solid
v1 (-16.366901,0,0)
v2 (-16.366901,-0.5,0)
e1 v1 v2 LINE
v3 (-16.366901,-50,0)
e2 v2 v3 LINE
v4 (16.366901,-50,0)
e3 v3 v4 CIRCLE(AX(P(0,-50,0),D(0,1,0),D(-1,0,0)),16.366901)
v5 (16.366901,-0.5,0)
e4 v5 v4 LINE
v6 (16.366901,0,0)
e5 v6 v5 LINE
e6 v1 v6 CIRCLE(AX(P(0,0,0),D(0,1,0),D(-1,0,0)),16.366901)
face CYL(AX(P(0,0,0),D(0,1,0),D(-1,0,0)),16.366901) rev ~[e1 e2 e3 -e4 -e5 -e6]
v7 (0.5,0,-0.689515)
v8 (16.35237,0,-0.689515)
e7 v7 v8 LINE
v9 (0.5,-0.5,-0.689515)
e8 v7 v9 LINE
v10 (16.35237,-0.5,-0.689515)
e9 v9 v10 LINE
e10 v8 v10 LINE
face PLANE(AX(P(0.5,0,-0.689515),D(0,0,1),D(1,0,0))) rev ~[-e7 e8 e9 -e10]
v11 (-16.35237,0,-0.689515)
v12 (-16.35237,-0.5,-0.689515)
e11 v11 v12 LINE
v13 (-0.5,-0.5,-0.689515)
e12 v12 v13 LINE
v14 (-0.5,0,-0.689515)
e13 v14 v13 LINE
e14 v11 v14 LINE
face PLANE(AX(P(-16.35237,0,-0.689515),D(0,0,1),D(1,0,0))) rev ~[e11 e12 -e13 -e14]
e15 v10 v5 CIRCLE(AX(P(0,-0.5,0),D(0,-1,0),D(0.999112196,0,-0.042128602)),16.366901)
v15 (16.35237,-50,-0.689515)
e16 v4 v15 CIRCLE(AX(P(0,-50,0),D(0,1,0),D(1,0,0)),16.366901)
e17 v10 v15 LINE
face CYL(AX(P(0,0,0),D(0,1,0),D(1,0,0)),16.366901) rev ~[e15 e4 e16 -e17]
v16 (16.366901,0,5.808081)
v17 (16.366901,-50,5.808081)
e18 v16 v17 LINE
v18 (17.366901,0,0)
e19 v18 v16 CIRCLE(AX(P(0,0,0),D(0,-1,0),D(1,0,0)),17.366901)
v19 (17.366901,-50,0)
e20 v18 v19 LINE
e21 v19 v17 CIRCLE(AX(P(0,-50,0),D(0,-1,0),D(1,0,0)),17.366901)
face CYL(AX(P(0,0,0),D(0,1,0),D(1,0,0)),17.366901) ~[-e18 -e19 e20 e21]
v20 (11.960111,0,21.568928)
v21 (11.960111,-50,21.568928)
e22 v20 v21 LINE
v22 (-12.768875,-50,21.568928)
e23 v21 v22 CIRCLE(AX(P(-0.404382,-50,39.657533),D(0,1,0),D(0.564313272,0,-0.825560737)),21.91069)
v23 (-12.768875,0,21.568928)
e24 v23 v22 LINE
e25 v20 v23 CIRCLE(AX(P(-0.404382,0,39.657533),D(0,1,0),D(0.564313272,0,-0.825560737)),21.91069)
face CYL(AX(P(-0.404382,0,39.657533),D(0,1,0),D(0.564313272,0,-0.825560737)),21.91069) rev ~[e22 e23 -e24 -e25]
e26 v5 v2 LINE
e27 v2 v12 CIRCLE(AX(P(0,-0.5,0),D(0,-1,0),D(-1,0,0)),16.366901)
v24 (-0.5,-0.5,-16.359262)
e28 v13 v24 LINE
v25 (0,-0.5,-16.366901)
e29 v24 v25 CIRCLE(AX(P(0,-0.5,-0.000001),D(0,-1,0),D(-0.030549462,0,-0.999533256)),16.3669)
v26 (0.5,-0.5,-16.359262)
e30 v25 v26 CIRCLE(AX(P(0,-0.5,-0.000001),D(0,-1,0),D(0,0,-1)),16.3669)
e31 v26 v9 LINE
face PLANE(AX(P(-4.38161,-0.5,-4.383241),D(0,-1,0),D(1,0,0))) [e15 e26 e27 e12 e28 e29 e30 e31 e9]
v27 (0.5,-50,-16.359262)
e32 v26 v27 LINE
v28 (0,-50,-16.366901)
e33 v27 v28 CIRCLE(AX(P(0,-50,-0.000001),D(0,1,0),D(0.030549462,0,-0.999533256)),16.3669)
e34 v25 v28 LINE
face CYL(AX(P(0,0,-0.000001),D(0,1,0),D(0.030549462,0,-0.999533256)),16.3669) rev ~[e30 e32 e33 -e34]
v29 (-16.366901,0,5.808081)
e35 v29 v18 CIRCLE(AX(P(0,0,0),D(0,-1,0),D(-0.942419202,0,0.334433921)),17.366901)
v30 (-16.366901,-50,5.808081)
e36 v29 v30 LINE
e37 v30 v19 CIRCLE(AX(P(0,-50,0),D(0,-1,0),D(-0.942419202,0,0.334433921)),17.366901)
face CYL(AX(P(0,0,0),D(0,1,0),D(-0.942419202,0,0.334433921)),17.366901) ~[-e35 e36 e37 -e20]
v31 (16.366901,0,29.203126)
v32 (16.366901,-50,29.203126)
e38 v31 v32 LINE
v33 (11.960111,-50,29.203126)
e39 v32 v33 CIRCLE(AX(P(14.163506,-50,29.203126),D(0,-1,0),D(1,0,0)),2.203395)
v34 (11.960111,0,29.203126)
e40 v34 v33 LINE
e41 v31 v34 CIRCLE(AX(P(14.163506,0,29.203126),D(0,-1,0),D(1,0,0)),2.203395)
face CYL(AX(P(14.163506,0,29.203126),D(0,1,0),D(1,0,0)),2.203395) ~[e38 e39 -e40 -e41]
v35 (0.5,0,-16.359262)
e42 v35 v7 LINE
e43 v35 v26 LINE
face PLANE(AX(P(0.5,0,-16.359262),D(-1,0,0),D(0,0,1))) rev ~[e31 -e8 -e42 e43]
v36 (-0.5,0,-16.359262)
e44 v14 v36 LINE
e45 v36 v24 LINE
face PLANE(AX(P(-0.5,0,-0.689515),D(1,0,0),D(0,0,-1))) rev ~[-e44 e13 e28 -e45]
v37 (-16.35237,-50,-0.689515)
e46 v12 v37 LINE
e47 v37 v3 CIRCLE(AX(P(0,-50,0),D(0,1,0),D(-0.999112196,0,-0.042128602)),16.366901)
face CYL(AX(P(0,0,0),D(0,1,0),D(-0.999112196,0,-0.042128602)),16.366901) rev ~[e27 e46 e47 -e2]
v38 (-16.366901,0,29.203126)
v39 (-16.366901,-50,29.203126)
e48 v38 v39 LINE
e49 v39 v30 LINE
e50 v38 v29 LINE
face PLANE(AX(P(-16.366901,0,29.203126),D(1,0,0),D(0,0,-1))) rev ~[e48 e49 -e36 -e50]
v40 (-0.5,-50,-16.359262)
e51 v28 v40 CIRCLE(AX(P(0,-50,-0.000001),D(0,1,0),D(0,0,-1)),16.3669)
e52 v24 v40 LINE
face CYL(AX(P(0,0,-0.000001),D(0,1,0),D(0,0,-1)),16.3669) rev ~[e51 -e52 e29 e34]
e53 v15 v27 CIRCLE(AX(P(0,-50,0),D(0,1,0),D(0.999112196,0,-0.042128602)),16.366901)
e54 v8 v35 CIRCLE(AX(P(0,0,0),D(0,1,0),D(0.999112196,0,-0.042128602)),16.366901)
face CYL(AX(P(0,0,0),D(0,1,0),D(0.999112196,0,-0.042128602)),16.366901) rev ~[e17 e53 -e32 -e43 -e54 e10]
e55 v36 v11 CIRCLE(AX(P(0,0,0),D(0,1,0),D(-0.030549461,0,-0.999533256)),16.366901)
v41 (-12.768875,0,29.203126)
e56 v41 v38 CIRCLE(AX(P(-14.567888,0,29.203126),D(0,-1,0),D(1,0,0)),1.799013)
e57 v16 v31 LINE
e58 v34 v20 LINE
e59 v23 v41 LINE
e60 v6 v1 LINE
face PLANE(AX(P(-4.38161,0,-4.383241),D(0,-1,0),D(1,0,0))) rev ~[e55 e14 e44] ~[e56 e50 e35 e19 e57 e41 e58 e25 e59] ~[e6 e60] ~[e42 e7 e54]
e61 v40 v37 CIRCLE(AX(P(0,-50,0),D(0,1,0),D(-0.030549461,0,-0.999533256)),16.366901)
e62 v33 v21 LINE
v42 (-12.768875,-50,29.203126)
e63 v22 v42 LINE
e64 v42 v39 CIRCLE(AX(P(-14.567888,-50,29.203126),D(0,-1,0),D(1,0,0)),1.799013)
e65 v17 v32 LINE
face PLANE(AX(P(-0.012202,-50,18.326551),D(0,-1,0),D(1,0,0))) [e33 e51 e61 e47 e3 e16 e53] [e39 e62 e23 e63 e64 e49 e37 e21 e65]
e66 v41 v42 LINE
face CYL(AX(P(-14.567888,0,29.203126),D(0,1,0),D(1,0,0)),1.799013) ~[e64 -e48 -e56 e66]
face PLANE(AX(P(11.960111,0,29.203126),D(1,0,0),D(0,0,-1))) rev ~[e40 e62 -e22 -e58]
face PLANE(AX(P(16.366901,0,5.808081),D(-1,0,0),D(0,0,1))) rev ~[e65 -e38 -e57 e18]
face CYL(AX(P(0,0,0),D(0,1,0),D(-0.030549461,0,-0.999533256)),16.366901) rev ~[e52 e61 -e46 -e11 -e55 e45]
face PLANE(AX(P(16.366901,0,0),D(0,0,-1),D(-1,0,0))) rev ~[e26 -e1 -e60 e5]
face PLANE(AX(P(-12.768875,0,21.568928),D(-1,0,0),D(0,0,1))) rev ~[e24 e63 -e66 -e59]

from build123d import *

# Parameters (mm, degrees)
F1_DEPTH = 50
F2_DEPTH = 0.5


with BuildPart() as f1:
    # F0 (on Front) → F1 (new body)
    with BuildSketch(Plane.XZ):
        with BuildLine():
            ThreePointArc((-16.3669006805, 5.8080806951), (0, 17.3669006805), (16.3669006805, 5.8080806951))
            Line((16.3669006805, 5.8080806951), (16.3669006805, 29.203126207))
            ThreePointArc((16.3669006805, 29.203126207), (14.1635060286, 31.406520859), (11.9601113766, 29.203126207))
            Line((11.9601113766, 29.203126207), (11.9601113766, 21.5689279139))
            ThreePointArc((11.9601113766, 21.5689279139), (-0.4043816589, 17.7468433423), (-12.7688746944, 21.5689279139))
            Line((-12.7688746944, 21.5689279139), (-12.7688746944, 29.203126207))
            ThreePointArc((-12.7688746944, 29.203126207), (-14.5678876875, 31.0021392001), (-16.3669006805, 29.203126207))
            Line((-16.3669006805, 29.203126207), (-16.3669006805, 5.8080806951))
        make_face()
        with BuildLine():
            ThreePointArc((-16.3669006805, 0), (0, 16.3669006805), (16.3669006805, 0))
            Line((16.3669006805, 0), (16.3669006805, 5.8080806951))
            ThreePointArc((16.3669006805, 5.8080806951), (0, 17.3669006805), (-16.3669006805, 5.8080806951))
            Line((-16.3669006805, 5.8080806951), (-16.3669006805, 0))
        make_face()
        with BuildLine():
            Line((16.3669006805, 5.8080806951), (16.3669006805, 0))
            ThreePointArc((16.3669006805, 0), (16.3632676287, -0.3448338707), (16.3523700861, -0.689514652))
            ThreePointArc((16.3523700861, -0.689514652), (11.5059044062, -11.6400000723), (0.5, -16.3592615324))
            ThreePointArc((0.5, -16.3592615324), (0.2500291766, -16.3649907821), (0, -16.3669006805))
            ThreePointArc((0, -16.3669006805), (-0.2500291766, -16.3649907821), (-0.5, -16.3592615324))
            ThreePointArc((-0.5, -16.3592615324), (-11.5059044062, -11.6400000723), (-16.3523700861, -0.689514652))
            ThreePointArc((-16.3523700861, -0.689514652), (-16.3632676287, -0.3448338707), (-16.3669006805, 0))
            Line((-16.3669006805, 0), (-16.3669006805, 5.8080806951))
            ThreePointArc((-16.3669006805, 5.8080806951), (-2.9467694753, -17.1150749022), (17.3669006805, 0))
            ThreePointArc((17.3669006805, 0), (17.1150749022, 2.9467694753), (16.3669006805, 5.8080806951))
        make_face()
    extrude(amount=F1_DEPTH)

    # F0 (on Front) → F2 (join)
    with BuildSketch(Plane.XZ):
        with BuildLine():
            Line((0, 0), (-16.3669006805, 0))
            ThreePointArc((-16.3669006805, 0), (-16.3632676287, -0.3448338707), (-16.3523700861, -0.689514652))
            Line((-16.3523700861, -0.689514652), (-0.5, -0.689514652))
            Line((-0.5, -0.689514652), (-0.5, -16.3592615324))
            ThreePointArc((-0.5, -16.3592615324), (-0.2500291766, -16.3649907821), (0, -16.3669006805))
            Line((0, -16.3669006805), (0, 0))
        make_face()
        with BuildLine():
            ThreePointArc((16.3523700861, -0.689514652), (16.3632676287, -0.3448338707), (16.3669006805, 0))
            Line((16.3669006805, 0), (0, 0))
            Line((0, 0), (0, -16.3669006805))
            ThreePointArc((0, -16.3669006805), (0.2500291766, -16.3649907821), (0.5, -16.3592615324))
            Line((0.5, -16.3592615324), (0.5, -0.689514652))
            Line((0.5, -0.689514652), (16.3523700861, -0.689514652))
        make_face()
    extrude(amount=F2_DEPTH)


solid = f1.part
